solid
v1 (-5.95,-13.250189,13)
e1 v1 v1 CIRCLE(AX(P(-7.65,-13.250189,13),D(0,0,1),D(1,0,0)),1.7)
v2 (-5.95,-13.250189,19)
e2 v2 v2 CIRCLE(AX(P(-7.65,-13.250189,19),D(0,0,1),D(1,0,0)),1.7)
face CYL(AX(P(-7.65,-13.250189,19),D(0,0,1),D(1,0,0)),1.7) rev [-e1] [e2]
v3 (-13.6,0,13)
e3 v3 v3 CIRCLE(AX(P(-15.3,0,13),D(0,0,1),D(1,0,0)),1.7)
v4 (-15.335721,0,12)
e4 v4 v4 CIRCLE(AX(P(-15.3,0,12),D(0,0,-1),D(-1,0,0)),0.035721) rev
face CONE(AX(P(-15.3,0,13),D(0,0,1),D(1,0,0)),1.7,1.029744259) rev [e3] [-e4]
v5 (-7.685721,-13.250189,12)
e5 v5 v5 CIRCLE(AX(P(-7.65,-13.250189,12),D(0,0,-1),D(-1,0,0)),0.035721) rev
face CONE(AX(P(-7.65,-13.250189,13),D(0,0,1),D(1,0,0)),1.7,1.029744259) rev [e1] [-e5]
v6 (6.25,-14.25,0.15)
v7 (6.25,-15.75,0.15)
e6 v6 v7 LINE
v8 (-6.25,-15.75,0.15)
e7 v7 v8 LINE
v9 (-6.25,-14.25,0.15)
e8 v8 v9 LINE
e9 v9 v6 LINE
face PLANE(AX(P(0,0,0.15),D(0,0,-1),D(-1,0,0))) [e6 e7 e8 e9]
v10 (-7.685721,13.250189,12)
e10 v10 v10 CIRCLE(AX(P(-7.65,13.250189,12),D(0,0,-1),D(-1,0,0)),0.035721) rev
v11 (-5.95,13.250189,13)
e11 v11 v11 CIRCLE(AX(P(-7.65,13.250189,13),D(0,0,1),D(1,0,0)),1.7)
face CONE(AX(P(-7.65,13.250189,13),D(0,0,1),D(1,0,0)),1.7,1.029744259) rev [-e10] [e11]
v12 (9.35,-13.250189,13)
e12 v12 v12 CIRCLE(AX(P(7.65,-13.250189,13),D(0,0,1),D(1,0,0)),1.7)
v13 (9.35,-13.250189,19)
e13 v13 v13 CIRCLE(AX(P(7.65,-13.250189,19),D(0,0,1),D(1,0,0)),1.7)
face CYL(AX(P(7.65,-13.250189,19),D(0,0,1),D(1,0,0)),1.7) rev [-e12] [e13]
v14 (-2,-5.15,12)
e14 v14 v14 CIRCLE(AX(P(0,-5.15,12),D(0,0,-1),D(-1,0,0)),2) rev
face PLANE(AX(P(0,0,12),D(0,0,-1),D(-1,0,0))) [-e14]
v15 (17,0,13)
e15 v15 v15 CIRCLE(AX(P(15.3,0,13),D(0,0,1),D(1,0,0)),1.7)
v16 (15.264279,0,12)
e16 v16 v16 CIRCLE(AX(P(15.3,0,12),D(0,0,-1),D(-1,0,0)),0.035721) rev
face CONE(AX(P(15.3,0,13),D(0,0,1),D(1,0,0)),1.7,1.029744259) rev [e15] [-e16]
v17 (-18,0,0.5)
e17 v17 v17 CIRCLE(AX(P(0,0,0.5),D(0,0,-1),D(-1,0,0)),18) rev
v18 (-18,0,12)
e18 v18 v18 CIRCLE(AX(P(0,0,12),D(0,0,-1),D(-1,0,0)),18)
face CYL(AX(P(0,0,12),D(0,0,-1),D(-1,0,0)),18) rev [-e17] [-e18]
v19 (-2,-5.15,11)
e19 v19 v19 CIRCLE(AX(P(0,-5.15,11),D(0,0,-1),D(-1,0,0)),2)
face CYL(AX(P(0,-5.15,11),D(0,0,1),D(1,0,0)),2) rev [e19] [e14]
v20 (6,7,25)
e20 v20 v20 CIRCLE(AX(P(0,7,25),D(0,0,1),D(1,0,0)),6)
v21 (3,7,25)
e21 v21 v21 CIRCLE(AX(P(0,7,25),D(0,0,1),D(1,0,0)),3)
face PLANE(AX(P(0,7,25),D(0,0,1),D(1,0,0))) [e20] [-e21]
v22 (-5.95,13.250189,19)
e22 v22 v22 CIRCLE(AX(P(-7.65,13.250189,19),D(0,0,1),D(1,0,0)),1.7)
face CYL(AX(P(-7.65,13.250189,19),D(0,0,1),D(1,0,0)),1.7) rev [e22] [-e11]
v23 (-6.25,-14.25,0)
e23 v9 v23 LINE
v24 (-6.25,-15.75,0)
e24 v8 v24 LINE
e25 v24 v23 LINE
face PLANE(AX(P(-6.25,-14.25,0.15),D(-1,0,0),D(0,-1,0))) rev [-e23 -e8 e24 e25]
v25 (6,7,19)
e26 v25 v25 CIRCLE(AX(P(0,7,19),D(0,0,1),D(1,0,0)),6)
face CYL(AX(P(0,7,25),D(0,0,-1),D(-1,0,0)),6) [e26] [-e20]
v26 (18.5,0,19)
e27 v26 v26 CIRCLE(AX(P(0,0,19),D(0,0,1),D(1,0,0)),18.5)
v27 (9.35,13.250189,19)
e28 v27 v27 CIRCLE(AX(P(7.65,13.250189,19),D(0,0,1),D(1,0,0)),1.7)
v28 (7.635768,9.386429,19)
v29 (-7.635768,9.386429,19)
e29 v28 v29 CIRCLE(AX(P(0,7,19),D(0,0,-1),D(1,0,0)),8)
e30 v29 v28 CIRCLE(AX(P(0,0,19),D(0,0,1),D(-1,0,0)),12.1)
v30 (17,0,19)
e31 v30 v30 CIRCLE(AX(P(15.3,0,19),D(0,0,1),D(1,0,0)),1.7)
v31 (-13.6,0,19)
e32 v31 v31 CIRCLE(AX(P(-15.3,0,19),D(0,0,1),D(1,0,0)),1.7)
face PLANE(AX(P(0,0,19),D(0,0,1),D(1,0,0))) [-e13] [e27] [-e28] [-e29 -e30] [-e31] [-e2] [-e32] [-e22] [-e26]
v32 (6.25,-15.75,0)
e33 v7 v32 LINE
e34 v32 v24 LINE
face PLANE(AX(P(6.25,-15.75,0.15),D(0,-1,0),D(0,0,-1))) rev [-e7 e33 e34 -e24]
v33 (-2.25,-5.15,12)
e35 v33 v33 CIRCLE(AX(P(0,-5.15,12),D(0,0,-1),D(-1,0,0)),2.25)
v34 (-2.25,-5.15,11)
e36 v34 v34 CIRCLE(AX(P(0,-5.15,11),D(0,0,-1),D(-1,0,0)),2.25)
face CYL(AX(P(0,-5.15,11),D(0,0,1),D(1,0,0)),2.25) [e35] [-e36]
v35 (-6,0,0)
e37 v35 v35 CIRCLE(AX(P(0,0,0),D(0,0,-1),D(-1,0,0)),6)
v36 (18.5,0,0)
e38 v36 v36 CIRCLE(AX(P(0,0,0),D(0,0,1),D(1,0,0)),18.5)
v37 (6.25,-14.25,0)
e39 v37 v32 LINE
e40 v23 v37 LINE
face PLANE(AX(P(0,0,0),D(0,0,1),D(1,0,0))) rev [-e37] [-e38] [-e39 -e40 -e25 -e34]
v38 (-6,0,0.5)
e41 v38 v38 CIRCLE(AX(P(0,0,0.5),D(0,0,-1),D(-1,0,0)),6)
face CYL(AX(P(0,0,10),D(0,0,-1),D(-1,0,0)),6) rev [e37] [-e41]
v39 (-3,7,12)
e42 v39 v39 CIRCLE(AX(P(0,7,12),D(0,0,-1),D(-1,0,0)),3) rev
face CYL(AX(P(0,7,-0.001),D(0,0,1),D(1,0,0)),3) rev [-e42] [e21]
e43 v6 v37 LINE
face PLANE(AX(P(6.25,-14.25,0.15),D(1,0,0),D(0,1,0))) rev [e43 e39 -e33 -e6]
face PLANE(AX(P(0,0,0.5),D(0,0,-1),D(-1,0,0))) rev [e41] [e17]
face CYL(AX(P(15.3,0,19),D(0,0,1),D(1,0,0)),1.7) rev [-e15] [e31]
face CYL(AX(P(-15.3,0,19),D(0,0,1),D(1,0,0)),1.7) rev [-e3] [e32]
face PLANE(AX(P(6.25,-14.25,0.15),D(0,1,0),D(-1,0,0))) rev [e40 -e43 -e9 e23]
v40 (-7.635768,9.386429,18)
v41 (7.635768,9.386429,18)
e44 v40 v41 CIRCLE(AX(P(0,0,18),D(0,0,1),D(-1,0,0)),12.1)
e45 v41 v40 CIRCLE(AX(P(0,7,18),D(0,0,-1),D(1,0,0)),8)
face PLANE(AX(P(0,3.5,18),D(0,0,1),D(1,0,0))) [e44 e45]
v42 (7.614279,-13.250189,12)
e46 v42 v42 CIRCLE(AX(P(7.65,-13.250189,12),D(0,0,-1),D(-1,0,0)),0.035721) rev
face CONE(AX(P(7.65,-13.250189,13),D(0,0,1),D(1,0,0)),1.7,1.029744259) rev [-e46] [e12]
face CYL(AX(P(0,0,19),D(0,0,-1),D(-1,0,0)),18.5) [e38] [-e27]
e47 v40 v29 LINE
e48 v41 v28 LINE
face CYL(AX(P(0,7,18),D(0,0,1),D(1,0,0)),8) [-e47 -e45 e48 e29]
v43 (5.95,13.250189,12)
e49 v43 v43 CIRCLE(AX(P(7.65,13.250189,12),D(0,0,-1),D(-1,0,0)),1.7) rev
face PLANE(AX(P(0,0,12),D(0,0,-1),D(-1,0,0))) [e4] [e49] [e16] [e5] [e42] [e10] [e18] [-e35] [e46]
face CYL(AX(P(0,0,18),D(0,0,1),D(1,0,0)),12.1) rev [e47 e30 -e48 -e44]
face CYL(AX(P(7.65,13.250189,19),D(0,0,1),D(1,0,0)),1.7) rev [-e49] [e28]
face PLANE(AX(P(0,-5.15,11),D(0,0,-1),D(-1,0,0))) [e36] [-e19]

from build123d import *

# Parameters (mm, degrees)
SKETCH1_R                        = 18.5
BOSS_EXTRUDE1_DEPTH              = 19
SKETCH4_R                        = 6
BOSS_EXTRUDE4_DEPTH              = 6
CUT_EXTRUDE2_DEPTH               = 1
TALADRO_DE_MARGEN_PARA_M31_D     = 3.4
TALADRO_DE_MARGEN_PARA_M31_DEPTH = 6
TALADRO_DE_MARGEN_PARA_M31_TIP   = 1.021463052
CROQUIS1_R                       = 18
CORTAR_EXTRUIR2_DEPTH            = 12
CORTAR_EXTRUIR3_REACH            = 27
CROQUIS2_R                       = 3
CROQUIS2_R_2                     = 1.7
CROQUIS3_R                       = 18
SALIENTE_EXTRUIR1_DEPTH          = 0.5
SKETCH11_R                       = 2
CUT_EXTRUDE3_DEPTH               = 10
SKETCH12_W                       = 12.5
SKETCH12_H                       = 1.5
CUT_EXTRUDE4_DEPTH               = 0.15
SKETCH13_R                       = 6
CUT_EXTRUDE5_DEPTH               = 10
SKETCH14_R                       = 2.25
SKETCH14_R_2                     = 2
BOSS_EXTRUDE5_DEPTH              = 1


with BuildPart() as part:
    # Sketch1 → Boss-Extrude1 (new body)
    with BuildSketch(Plane.XY):
        Circle(SKETCH1_R)
    extrude(amount=BOSS_EXTRUDE1_DEPTH)

    # Sketch4 → Boss-Extrude4 (add)
    with BuildSketch(Plane.XY.offset(19)):
        with Locations((0, 7)):
            Circle(SKETCH4_R)
    extrude(amount=BOSS_EXTRUDE4_DEPTH)

    # Sketch8 → Cut-Extrude2 (cut)
    with BuildSketch(Plane.XY.offset(19)):
        with BuildLine():
            ThreePointArc((7.635768375, 9.386428571), (0, -12.1), (-7.635768375, 9.386428571))
            ThreePointArc((-7.635768375, 9.386428571), (0, -1), (7.635768375, 9.386428571))
        make_face()
    extrude(amount=-CUT_EXTRUDE2_DEPTH, mode=Mode.SUBTRACT)

    # Taladro de margen para M31
    with Locations(Plane.XY.offset(19)):
        with Locations((7.65, -13.250188678), (-7.65, -13.250188678), (-15.3, 0), (-7.65, 13.250188678), (15.3, 0), (7.65, 13.250188678)):
            Hole(TALADRO_DE_MARGEN_PARA_M31_D / 2, depth=TALADRO_DE_MARGEN_PARA_M31_DEPTH)
            with Locations((0, 0, -(TALADRO_DE_MARGEN_PARA_M31_DEPTH + TALADRO_DE_MARGEN_PARA_M31_TIP / 2))):  # 118° drill point
                Cone(0, TALADRO_DE_MARGEN_PARA_M31_D / 2, TALADRO_DE_MARGEN_PARA_M31_TIP, mode=Mode.SUBTRACT)

    # Croquis1 → Cortar-Extruir2 (cut)
    with BuildSketch(Plane(origin=(0, 0, 0), x_dir=(-1, 0, 0), z_dir=(0, 0, -1))):
        Circle(CROQUIS1_R)
    extrude(amount=-CORTAR_EXTRUIR2_DEPTH, mode=Mode.SUBTRACT)

    # Croquis2 → Cortar-Extruir3 (cut, up to next)
    with BuildSketch(Plane.XY.offset(25), mode=Mode.PRIVATE) as cortar_extruir3_sk1:
        with Locations((0, 7)):
            Circle(CROQUIS2_R)
    cortar_extruir3_tool1 = extrude(cortar_extruir3_sk1.sketch, amount=-CORTAR_EXTRUIR3_REACH, mode=Mode.PRIVATE) & part.part
    add(cortar_extruir3_tool1.solids().sort_by_distance((0, 7, 25))[0], mode=Mode.SUBTRACT)
    # Croquis2 → Cortar-Extruir3 (cut, up to next)
    with BuildSketch(Plane.XY.offset(25), mode=Mode.PRIVATE) as cortar_extruir3_sk2:
        with Locations((7.65, 13.250188678)):
            Circle(CROQUIS2_R_2)
    cortar_extruir3_tool2 = extrude(cortar_extruir3_sk2.sketch, amount=-CORTAR_EXTRUIR3_REACH, mode=Mode.PRIVATE) & part.part
    add(cortar_extruir3_tool2.solids().sort_by_distance((7.65, 13.250189, 25))[0], mode=Mode.SUBTRACT)

    # Croquis3 → Saliente-Extruir1 (add)
    with BuildSketch(Plane(origin=(0, 0, 0), x_dir=(-1, 0, 0), z_dir=(0, 0, -1))):
        Circle(CROQUIS3_R)
    extrude(amount=-SALIENTE_EXTRUIR1_DEPTH)

    # Sketch11 → Cut-Extrude3 (cut)
    with BuildSketch(Plane(origin=(0, 0, 0), x_dir=(-1, 0, 0), z_dir=(0, 0, -1))):
        Circle(SKETCH11_R)
    extrude(amount=-CUT_EXTRUDE3_DEPTH, mode=Mode.SUBTRACT)

    # Sketch12 → Cut-Extrude4 (cut)
    with BuildSketch(Plane(origin=(0, 0, 0), x_dir=(-1, 0, 0), z_dir=(0, 0, -1))):
        with Locations((0, -15)):
            Rectangle(SKETCH12_W, SKETCH12_H)
    extrude(amount=-CUT_EXTRUDE4_DEPTH, mode=Mode.SUBTRACT)

    # Sketch13 → Cut-Extrude5 (cut)
    with BuildSketch(Plane(origin=(0, 0, 0), x_dir=(-1, 0, 0), z_dir=(0, 0, -1))):
        Circle(SKETCH13_R)
    extrude(amount=-CUT_EXTRUDE5_DEPTH, mode=Mode.SUBTRACT)

    # Sketch14 → Boss-Extrude5 (add)
    with BuildSketch(Plane(origin=(0, 0, 12), x_dir=(-1, 0, 0), z_dir=(0, 0, -1))):
        with Locations((0, -5.15)):
            Circle(SKETCH14_R)
        with Locations((0, -5.15)):
            Circle(SKETCH14_R_2, mode=Mode.SUBTRACT)
    extrude(amount=BOSS_EXTRUDE5_DEPTH)


solid = part.part
